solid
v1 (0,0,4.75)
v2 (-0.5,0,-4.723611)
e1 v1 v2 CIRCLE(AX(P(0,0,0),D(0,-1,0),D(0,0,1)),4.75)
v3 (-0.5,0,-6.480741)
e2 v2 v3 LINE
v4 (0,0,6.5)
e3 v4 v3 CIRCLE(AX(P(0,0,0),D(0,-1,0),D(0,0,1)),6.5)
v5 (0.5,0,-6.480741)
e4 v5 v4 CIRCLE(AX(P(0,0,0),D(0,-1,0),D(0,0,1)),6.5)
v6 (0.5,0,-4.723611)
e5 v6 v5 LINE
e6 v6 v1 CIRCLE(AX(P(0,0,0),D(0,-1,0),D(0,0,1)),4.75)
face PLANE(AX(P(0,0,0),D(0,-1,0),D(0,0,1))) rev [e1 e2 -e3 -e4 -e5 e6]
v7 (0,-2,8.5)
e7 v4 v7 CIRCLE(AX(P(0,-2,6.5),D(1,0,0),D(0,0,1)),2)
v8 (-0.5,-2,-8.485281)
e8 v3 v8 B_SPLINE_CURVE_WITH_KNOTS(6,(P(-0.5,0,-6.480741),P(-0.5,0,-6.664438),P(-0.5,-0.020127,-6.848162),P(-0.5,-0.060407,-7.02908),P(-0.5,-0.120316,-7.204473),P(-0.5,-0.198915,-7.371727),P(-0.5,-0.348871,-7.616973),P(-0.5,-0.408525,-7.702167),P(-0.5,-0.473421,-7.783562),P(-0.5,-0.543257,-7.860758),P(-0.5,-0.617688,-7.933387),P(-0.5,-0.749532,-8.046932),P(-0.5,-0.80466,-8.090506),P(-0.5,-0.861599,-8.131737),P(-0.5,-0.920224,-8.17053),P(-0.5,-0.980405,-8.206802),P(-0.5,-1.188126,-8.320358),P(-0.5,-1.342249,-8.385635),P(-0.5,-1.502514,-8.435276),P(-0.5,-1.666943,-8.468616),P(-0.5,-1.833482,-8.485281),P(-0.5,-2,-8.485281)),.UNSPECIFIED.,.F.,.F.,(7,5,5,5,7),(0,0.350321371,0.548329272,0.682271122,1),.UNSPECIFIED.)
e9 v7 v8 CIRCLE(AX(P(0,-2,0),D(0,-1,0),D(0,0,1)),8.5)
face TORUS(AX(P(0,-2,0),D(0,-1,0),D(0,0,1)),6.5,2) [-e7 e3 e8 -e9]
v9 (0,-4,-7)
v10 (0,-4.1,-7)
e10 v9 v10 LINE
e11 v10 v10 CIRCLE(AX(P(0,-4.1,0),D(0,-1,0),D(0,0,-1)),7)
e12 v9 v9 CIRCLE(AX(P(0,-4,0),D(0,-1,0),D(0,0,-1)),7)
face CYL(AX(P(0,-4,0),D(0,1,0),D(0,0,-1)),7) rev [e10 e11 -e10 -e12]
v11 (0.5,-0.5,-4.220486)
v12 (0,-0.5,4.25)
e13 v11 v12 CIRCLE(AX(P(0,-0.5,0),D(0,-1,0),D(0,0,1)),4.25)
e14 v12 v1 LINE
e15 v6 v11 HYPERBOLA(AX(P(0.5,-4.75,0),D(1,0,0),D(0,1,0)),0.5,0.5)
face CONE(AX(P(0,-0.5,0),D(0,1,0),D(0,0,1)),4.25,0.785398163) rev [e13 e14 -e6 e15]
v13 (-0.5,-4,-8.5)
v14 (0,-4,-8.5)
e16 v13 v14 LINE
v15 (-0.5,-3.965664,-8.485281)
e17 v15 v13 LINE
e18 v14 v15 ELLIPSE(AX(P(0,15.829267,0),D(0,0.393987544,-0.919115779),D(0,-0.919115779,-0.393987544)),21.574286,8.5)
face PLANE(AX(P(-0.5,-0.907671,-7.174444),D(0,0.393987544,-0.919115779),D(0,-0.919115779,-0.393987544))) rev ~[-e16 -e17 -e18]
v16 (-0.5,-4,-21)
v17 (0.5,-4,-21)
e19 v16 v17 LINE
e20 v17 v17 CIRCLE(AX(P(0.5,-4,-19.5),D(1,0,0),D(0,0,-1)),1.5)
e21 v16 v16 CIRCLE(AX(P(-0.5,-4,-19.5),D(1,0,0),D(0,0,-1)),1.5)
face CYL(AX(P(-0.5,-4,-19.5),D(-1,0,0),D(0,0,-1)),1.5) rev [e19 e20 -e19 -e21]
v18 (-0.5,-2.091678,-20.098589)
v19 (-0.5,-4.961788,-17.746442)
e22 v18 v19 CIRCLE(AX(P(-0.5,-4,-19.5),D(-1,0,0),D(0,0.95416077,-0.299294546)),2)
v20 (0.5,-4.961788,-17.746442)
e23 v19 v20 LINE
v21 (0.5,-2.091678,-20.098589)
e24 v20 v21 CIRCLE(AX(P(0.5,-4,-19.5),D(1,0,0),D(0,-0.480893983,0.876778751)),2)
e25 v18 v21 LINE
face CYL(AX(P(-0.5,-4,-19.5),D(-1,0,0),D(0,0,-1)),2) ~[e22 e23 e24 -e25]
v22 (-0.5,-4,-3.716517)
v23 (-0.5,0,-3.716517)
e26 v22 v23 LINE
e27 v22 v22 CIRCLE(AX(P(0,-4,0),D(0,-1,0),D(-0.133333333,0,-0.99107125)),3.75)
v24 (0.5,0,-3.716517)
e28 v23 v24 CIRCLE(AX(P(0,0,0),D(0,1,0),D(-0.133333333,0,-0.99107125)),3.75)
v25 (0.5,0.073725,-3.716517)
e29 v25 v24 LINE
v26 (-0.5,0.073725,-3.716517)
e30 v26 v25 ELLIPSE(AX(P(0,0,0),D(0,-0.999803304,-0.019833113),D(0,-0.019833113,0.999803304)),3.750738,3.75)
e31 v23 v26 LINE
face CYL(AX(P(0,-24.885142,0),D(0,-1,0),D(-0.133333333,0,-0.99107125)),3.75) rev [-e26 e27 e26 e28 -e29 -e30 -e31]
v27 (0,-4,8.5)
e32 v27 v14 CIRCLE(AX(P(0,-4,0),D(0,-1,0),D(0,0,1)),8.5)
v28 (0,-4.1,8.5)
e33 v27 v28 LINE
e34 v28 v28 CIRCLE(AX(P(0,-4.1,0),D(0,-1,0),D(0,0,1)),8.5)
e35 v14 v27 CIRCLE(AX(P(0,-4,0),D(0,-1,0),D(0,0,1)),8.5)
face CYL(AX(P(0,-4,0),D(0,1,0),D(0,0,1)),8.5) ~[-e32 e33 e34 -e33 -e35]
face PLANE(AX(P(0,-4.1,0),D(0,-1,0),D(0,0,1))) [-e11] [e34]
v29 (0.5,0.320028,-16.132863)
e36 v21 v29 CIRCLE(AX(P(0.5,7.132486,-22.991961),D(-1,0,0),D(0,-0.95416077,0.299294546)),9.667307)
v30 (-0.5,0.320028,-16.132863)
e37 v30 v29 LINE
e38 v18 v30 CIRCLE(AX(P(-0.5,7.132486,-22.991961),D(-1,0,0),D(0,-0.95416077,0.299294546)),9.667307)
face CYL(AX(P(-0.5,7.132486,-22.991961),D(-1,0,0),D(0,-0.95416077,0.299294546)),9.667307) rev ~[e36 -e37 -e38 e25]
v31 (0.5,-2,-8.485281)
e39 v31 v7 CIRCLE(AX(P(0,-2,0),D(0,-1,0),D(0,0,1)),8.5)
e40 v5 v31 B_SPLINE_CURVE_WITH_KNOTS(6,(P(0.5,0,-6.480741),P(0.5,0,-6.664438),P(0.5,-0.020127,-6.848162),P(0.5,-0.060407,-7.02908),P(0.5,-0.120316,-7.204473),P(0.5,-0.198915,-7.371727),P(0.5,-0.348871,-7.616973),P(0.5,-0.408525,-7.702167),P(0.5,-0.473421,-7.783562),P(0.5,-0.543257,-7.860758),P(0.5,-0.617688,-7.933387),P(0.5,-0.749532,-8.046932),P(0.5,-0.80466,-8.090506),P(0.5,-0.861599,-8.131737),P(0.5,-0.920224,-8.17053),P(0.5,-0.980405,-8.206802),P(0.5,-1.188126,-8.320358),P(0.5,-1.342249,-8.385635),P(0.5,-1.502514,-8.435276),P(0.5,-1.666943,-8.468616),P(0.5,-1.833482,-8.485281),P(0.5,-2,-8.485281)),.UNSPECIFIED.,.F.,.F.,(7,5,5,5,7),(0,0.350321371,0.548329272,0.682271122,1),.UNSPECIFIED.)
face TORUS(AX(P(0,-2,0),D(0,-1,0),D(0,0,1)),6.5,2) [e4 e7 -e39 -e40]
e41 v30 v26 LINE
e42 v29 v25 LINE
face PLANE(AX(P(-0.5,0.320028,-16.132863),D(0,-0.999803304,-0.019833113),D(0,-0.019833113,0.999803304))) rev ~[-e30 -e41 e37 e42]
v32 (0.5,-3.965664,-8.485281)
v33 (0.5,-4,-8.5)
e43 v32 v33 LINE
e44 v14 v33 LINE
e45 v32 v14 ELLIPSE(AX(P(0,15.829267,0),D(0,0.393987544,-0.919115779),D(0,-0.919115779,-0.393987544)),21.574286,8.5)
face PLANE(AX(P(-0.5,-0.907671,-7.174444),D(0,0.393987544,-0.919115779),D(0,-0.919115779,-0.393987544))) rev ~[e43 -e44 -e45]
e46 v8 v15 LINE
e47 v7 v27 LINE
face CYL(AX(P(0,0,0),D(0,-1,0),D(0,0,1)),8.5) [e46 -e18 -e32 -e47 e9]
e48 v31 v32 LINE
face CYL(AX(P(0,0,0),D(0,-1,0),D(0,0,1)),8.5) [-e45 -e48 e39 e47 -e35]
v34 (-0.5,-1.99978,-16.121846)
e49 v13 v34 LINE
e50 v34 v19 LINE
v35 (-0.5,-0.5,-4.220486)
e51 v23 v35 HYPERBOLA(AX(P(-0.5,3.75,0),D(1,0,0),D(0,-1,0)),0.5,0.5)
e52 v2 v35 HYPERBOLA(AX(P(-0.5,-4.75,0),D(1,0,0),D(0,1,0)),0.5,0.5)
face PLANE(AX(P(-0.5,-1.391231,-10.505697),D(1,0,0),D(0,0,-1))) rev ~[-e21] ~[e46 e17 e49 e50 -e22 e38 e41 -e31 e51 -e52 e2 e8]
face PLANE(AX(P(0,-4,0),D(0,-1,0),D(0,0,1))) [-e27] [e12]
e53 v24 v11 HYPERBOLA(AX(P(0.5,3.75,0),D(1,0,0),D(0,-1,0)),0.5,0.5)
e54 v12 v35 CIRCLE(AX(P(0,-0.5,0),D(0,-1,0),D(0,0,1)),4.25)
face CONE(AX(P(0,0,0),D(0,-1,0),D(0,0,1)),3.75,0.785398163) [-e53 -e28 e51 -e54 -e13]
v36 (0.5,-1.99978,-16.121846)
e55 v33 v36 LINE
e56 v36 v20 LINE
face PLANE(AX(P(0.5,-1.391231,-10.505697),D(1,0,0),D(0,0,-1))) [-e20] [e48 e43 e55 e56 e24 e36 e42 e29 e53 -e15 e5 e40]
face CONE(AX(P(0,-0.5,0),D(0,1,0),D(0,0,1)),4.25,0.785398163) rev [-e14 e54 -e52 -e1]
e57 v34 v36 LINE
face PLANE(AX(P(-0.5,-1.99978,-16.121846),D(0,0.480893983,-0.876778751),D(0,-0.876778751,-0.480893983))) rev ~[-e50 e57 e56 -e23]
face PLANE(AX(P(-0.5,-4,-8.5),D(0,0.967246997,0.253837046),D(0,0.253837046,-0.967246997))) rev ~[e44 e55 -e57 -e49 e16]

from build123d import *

# Parameters (mm, degrees)
FILLET1_R                = 2
SKETCH5_R                = 8.5
SKETCH5_R_2              = 7
BOSS_EXTRUDE1_DEPTH      = 0.1
BOSS_EXTRUDE2_DEPTH      = 0.5
BOSS_EXTRUDE2_DEPTH_BACK = 0.5
SKETCH6_R                = 1.5
CUT_EXTRUDE1_DEPTH       = 24.885141976
CUT_EXTRUDE1_DEPTH_BACK  = 24.885141976
SKETCH7_R                = 3.75


with BuildPart() as part:
    # Sketch4 → Revolve1 (revolve)
    with BuildSketch(Plane(origin=(0, 0, 0), x_dir=(0, 0, -1), z_dir=(1, 0, 0))):
        Polygon((0, 0), (-3.75, 0), (-4.25, -0.5), (-4.75, 0), (-8.5, 0), (-8.5, -4), (0, -4), align=None)
    revolve(axis=Axis((0, 1.890471386, 0), (0, -1, 0)))

    # Fillet1
    fillet1_edges = [part.edges().sort_by_distance(p)[0] for p in [
        (0, 0, -8.5),
    ]]
    fillet(fillet1_edges, radius=FILLET1_R)



with BuildPart() as body_2:
    # Sketch5 → Boss-Extrude1 (new body)
    with BuildSketch(Plane.XZ.offset(4)):
        Circle(SKETCH5_R)
        Circle(SKETCH5_R_2, mode=Mode.SUBTRACT)
    extrude(amount=BOSS_EXTRUDE1_DEPTH)


with BuildPart() as part_1:
    add(part.part)

    add(body_2.part)  # Boss-Extrude2 merges body 2
    # Sketch6 → Boss-Extrude2 (add, two sides: drawn at the far end of the back side and taken through both)
    with BuildSketch(Plane(origin=(0, 0, 0), x_dir=(0, 0, -1), z_dir=(1, 0, 0)).offset(-BOSS_EXTRUDE2_DEPTH_BACK)):
        with BuildLine():
            Line((16.132863069, 0.320027848), (0, 0))
            Line((0, 0), (0, -0.907670556))
            Line((0, -0.907670556), (7.174444166, -0.907670556))
            Line((7.174444166, -0.907670556), (8.5, -4))
            Line((8.5, -4), (16.12184584, -1.999779955))
            Line((16.12184584, -1.999779955), (17.746442499, -4.961787965))
            ThreePointArc((17.746442499, -4.961787965), (21.046890478, -5.267726252), (20.098589091, -2.09167846))
            ThreePointArc((20.098589091, -2.09167846), (17.968839585, -1.127360353), (16.132863069, 0.320027848))
        make_face()
        with Locations((19.5, -4)):
            Circle(SKETCH6_R, mode=Mode.SUBTRACT)
    extrude(amount=BOSS_EXTRUDE2_DEPTH + BOSS_EXTRUDE2_DEPTH_BACK)

    # Sketch7 → Cut-Extrude1 (cut, two sides: drawn at the far end of the back side and taken through both)
    with BuildSketch(Plane(origin=(0, 0, 0), x_dir=(1, 0, 0), z_dir=(0, 1, 0)).offset(-CUT_EXTRUDE1_DEPTH_BACK)):
        Circle(SKETCH7_R)
    extrude(amount=CUT_EXTRUDE1_DEPTH + CUT_EXTRUDE1_DEPTH_BACK, mode=Mode.SUBTRACT)


solid = part_1.part
